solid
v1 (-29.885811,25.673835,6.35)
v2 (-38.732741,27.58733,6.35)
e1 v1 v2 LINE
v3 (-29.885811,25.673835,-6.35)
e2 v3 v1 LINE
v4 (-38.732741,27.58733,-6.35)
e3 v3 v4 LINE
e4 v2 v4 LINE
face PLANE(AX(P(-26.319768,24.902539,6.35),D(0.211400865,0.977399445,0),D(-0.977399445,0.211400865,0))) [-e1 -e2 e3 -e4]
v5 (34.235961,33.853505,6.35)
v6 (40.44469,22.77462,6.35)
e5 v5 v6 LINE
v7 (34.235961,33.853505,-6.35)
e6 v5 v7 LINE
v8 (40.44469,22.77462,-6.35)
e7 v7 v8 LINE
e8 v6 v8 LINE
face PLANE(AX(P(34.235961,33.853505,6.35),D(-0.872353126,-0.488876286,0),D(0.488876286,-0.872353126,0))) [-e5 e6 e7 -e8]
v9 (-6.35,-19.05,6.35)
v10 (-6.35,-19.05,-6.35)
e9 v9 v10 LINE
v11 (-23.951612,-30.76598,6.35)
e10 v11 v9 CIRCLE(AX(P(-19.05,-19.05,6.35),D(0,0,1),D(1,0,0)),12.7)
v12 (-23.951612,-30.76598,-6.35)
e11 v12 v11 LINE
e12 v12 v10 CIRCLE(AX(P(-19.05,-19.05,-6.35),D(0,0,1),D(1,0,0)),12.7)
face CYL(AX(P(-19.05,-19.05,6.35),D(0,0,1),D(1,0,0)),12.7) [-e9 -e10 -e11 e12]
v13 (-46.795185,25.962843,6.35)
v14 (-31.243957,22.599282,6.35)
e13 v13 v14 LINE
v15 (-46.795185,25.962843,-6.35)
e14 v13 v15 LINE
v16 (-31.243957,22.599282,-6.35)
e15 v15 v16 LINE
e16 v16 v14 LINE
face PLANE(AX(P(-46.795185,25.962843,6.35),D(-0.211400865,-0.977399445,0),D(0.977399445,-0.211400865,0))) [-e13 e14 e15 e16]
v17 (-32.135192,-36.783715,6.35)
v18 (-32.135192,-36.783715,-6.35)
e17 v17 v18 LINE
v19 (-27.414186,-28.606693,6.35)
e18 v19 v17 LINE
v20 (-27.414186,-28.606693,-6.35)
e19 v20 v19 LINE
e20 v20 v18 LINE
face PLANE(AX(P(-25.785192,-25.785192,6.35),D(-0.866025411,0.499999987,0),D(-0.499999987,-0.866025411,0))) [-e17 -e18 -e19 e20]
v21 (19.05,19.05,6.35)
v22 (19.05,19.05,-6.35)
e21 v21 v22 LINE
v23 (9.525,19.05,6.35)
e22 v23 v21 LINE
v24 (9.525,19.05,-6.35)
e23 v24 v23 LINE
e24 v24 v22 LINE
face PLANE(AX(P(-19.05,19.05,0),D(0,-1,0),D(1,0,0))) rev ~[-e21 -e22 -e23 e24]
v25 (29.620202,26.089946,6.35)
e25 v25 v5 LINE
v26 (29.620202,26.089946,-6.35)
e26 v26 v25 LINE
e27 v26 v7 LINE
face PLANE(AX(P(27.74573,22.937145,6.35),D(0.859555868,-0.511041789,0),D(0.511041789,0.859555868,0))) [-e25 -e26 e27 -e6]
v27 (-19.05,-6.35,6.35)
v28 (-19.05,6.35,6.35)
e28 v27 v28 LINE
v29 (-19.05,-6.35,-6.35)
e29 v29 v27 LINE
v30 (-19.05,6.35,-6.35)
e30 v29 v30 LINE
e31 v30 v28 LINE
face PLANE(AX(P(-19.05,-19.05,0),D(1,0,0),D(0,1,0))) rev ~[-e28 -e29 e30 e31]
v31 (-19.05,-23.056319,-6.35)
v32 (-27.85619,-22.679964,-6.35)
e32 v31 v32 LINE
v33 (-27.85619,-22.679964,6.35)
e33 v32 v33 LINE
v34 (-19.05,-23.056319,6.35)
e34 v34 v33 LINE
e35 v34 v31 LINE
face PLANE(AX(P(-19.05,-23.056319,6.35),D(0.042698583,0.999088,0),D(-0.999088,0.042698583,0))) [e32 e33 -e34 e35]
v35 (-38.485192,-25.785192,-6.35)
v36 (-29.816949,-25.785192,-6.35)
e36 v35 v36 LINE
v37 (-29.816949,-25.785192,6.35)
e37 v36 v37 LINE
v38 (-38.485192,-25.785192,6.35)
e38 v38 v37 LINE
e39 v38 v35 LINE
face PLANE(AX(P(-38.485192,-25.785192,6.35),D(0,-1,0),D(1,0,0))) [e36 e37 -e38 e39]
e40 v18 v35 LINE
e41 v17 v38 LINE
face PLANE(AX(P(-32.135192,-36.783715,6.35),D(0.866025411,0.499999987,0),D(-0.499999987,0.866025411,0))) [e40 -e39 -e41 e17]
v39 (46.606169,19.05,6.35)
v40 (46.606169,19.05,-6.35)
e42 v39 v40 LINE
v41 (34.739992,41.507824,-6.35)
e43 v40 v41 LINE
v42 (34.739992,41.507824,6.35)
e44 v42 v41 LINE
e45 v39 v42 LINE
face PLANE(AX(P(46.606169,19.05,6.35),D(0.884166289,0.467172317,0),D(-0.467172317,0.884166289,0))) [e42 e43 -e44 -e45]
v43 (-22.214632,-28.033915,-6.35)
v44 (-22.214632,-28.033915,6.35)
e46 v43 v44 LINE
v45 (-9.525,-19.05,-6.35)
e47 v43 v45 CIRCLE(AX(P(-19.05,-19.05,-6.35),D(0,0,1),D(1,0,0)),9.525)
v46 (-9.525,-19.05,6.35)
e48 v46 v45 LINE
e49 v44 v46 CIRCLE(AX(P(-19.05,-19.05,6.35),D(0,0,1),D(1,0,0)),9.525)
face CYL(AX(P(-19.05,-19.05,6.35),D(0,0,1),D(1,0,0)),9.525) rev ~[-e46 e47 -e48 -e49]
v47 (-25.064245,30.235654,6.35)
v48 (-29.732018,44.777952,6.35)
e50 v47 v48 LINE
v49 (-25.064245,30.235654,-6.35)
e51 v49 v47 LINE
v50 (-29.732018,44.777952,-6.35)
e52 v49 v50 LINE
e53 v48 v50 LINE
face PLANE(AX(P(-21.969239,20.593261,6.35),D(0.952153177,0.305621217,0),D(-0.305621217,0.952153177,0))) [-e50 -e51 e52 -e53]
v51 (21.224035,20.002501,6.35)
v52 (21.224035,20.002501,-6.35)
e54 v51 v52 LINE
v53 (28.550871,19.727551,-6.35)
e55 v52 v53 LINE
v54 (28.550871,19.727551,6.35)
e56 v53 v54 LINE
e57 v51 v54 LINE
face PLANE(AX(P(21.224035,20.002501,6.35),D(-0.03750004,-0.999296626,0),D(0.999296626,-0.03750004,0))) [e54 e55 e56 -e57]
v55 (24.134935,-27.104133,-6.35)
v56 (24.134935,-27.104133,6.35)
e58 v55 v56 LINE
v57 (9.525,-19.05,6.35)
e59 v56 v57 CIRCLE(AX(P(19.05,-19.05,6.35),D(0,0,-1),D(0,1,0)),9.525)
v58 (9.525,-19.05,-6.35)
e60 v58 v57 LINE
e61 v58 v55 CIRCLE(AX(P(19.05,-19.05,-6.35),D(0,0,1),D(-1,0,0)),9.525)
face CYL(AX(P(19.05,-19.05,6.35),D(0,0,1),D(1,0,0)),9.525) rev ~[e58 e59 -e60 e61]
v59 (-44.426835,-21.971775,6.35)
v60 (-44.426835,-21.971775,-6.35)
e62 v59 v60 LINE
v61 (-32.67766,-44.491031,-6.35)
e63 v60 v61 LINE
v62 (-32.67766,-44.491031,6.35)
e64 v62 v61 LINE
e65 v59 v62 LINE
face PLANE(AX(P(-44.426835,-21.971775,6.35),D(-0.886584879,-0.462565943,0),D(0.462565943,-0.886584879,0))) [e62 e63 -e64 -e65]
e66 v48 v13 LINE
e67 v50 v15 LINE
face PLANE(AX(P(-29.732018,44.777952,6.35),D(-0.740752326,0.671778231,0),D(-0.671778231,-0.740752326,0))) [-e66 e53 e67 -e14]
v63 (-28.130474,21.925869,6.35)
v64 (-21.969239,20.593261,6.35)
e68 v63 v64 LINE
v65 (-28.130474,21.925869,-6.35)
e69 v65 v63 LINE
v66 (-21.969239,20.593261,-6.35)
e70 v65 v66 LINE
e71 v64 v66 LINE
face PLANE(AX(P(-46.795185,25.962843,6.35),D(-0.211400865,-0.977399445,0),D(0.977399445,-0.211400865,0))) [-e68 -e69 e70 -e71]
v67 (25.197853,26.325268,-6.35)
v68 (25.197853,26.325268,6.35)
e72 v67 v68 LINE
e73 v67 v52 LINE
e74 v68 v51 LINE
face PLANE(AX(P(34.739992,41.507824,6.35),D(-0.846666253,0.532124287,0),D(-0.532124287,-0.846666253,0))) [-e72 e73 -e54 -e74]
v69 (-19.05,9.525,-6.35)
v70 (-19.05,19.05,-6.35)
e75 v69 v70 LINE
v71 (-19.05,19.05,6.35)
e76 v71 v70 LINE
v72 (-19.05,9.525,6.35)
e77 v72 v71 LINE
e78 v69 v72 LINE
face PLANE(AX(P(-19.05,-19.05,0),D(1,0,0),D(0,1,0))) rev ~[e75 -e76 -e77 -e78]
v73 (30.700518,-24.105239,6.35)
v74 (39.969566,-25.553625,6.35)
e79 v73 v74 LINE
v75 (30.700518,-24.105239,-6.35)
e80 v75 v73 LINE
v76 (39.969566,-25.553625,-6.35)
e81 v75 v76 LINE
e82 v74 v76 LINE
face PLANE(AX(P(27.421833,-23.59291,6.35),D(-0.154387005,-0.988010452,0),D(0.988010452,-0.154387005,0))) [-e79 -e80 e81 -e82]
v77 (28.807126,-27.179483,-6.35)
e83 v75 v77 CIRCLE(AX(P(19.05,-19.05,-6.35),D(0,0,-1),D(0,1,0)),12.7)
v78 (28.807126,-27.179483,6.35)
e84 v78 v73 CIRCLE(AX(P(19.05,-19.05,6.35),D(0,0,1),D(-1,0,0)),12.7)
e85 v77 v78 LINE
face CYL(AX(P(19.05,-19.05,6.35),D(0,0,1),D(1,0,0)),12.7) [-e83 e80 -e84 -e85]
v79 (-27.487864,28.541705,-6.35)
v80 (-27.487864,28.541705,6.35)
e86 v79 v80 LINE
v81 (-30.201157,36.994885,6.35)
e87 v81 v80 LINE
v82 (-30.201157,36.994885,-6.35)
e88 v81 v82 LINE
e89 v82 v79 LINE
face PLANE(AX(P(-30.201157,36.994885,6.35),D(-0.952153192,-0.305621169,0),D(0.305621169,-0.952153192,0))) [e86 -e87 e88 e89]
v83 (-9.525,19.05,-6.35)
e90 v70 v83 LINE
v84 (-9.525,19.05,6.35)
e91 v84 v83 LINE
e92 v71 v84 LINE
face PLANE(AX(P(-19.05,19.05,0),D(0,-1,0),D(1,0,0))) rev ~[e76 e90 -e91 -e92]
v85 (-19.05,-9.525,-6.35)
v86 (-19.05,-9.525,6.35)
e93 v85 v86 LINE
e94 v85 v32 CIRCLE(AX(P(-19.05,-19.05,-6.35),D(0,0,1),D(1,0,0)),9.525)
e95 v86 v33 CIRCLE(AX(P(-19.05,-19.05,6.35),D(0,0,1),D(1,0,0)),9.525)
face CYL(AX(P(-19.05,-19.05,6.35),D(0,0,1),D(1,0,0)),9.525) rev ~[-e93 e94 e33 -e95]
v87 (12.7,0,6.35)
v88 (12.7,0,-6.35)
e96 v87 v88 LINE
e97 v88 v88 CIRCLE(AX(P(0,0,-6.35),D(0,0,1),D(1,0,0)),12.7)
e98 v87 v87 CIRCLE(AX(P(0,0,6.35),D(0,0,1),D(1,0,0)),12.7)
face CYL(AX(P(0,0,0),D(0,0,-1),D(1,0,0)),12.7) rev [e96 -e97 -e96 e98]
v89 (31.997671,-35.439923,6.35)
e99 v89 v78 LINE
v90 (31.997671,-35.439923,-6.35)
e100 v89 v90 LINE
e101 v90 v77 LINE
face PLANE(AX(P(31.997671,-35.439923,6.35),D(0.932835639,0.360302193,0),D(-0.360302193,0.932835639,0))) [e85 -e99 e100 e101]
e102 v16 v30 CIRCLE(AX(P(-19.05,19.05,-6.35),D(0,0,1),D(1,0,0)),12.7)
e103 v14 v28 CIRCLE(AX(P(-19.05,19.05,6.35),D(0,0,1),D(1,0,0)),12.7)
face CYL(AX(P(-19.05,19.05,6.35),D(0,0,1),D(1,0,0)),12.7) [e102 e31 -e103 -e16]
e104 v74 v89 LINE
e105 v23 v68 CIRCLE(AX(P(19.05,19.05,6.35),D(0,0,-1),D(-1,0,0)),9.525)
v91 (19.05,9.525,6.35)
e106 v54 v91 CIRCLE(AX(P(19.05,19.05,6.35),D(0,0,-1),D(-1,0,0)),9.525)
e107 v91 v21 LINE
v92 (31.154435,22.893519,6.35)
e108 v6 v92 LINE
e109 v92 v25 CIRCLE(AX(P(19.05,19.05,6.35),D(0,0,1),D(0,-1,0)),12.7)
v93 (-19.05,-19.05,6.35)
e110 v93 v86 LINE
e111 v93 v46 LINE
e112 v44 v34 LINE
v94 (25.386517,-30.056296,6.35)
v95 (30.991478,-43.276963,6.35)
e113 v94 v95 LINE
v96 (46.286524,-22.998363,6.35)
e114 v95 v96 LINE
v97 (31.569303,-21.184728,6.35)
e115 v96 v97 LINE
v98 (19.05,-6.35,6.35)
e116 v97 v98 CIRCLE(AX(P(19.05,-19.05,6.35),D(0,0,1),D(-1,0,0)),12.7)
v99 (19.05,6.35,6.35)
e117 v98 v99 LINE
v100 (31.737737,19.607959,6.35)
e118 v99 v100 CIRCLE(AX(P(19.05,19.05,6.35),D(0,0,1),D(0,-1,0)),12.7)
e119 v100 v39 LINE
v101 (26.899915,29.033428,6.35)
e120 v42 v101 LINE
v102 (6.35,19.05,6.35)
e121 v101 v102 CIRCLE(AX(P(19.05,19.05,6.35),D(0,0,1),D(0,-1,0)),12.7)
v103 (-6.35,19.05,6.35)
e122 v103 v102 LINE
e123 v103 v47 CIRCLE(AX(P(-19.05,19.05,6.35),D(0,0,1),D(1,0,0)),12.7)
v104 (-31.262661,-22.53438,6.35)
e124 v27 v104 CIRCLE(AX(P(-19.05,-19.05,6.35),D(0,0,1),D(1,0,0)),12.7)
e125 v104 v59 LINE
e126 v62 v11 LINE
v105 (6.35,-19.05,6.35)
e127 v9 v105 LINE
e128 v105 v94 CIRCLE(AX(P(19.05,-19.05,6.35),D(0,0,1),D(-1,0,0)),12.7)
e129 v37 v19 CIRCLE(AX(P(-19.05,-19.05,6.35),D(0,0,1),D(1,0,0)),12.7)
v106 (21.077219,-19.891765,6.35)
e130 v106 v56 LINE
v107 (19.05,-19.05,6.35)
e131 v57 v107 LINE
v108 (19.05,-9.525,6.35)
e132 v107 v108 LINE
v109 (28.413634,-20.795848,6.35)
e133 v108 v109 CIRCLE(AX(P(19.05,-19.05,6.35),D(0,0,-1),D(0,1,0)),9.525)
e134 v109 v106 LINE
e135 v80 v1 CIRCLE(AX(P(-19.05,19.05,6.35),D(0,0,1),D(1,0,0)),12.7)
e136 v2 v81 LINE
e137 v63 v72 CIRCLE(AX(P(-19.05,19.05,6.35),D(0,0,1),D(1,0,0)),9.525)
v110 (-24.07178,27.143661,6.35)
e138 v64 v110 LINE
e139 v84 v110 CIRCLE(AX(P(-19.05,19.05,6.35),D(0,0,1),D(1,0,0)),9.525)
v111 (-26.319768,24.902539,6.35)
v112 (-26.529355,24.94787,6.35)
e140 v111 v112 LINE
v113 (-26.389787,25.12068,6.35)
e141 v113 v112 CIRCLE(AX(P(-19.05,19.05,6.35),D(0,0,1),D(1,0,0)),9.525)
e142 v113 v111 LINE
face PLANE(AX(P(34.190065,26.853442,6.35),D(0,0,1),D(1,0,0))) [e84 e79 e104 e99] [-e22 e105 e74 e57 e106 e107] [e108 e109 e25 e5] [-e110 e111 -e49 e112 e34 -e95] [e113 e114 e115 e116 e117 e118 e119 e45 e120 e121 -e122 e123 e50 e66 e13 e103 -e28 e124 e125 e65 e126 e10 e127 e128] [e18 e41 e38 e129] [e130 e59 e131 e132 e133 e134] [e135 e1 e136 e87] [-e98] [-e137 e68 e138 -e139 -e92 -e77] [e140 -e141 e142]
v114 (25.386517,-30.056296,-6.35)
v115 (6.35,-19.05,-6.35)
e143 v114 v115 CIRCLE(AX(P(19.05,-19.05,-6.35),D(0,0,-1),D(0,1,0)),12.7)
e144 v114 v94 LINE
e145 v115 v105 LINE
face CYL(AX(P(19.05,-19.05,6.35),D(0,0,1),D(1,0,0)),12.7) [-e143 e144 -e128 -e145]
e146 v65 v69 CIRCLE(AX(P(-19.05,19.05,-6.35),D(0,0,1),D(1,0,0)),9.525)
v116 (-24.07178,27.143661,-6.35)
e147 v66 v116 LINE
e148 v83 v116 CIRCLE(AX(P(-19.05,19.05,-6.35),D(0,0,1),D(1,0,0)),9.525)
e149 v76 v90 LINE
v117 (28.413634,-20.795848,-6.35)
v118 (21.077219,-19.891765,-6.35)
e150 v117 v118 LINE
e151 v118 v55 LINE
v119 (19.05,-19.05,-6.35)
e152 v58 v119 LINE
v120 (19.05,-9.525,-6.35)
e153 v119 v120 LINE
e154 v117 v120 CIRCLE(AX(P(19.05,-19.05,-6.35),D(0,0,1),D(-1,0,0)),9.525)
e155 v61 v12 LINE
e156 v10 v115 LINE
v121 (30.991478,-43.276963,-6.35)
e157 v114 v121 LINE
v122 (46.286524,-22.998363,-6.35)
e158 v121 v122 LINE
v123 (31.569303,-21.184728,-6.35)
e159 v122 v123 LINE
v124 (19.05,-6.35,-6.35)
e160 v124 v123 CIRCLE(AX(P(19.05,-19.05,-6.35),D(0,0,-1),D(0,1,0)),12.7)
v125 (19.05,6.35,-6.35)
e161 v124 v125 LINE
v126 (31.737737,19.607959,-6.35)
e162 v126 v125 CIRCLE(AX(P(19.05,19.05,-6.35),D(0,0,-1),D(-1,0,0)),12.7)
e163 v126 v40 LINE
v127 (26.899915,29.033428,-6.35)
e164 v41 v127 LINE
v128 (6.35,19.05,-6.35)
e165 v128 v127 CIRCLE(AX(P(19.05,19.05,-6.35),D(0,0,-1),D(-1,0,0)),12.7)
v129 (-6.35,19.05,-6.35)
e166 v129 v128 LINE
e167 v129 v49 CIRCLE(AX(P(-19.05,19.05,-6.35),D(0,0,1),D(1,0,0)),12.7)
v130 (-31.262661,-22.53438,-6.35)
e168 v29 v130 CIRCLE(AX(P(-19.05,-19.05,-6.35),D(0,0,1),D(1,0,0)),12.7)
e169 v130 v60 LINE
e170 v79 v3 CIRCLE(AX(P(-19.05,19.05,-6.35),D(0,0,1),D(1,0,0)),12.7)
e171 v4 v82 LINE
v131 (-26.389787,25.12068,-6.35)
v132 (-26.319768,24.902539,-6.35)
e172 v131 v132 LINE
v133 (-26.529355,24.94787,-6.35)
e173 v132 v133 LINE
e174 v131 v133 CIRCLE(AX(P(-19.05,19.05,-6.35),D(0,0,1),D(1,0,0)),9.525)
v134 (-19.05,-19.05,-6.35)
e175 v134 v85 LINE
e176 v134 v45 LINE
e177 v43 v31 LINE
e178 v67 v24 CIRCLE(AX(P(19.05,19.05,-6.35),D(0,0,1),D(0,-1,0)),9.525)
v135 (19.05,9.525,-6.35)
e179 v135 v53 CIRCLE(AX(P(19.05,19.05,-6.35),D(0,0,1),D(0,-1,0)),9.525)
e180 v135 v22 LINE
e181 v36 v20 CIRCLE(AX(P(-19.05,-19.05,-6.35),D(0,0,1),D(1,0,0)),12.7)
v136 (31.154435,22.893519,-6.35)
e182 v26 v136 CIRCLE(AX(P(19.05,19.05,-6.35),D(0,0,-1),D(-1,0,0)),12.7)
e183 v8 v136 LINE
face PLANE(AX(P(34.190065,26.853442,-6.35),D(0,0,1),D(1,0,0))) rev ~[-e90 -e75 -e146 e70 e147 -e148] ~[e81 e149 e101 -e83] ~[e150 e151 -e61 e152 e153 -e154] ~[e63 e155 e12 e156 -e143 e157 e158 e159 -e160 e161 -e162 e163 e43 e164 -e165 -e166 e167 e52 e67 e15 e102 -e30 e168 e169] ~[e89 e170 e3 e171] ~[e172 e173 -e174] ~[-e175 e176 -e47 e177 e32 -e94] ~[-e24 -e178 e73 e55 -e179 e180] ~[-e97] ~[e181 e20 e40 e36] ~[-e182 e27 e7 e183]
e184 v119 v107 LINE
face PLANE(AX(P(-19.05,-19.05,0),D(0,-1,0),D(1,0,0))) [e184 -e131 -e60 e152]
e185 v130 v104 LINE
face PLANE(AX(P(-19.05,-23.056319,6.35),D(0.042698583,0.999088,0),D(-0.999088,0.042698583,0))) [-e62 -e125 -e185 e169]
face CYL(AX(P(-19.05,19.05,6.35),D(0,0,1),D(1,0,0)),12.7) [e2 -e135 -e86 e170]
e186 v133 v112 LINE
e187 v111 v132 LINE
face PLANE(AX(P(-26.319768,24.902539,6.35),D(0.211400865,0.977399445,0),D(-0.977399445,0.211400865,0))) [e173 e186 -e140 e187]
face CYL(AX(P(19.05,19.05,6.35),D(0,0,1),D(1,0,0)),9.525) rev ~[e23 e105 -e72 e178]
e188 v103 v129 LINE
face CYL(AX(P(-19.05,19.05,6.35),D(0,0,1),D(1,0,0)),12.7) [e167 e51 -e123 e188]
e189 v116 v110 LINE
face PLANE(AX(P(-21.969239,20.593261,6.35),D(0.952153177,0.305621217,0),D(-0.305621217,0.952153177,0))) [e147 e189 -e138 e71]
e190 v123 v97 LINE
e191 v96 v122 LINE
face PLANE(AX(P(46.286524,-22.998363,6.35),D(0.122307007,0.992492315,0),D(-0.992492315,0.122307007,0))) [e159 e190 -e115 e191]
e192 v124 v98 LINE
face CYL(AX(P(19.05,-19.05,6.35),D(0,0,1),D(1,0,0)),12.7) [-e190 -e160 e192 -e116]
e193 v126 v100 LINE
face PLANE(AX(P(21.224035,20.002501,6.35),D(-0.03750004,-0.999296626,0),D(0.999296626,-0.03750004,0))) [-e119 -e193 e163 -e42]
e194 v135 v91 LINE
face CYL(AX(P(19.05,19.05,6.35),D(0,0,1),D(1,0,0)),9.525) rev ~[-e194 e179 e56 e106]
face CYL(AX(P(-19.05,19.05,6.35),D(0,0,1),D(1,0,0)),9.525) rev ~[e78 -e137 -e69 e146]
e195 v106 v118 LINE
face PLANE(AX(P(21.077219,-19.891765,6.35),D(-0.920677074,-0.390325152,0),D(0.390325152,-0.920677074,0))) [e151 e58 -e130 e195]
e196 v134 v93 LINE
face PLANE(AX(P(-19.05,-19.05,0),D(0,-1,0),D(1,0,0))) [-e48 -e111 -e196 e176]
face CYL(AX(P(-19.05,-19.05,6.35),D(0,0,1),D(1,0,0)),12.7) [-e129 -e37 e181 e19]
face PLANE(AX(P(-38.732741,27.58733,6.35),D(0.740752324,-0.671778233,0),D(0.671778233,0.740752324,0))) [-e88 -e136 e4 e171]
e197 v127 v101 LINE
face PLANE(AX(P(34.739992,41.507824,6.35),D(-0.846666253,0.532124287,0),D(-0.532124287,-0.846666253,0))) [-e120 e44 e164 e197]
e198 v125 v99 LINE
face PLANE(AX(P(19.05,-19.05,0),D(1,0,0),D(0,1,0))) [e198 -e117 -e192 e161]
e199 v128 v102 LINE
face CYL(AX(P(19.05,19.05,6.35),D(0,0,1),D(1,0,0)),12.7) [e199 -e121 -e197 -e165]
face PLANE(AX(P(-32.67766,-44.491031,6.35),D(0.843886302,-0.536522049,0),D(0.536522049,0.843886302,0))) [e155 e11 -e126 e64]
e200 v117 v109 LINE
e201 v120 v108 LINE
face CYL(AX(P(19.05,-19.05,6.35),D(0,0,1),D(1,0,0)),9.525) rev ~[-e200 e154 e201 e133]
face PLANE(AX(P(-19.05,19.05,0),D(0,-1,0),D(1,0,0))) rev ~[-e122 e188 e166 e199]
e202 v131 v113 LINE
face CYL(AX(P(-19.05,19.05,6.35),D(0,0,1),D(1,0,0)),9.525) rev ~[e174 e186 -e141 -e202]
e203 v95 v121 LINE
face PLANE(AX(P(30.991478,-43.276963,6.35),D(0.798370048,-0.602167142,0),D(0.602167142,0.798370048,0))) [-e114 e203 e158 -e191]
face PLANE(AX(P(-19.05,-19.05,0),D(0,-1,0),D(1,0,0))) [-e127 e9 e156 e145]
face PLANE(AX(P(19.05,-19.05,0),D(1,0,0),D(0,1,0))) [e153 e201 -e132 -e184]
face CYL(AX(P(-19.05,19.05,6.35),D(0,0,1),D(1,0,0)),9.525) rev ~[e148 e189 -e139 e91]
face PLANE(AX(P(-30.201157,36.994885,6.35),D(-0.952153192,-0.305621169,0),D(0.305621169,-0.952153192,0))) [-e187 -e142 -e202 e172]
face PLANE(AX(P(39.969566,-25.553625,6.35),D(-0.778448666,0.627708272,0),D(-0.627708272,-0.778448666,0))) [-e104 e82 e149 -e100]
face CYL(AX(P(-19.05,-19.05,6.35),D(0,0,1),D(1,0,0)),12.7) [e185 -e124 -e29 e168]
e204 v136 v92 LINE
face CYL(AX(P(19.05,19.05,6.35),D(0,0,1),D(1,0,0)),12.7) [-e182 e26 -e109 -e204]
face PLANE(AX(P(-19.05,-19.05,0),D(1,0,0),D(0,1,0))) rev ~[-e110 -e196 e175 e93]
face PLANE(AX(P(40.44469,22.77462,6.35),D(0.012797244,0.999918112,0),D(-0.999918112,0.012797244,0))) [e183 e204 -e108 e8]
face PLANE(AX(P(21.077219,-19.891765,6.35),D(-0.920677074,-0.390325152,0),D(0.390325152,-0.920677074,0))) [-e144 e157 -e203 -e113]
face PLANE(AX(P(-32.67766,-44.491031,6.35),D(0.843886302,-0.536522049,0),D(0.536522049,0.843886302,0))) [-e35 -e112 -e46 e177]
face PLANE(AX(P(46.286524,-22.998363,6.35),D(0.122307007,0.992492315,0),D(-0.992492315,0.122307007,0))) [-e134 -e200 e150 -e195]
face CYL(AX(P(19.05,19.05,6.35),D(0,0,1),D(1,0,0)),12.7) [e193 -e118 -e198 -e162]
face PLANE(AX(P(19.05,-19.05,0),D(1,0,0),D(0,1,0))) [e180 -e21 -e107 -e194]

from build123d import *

# Parameters (mm, degrees)
F0_W     = 38.1
F0_H     = 38.1
F0_R     = 12.7
F1_DEPTH = 6.35
F2_R     = 12.7
F2_R_2   = 9.525
F3_DEPTH = 12.7
F5_DEPTH = 12.7


with BuildPart() as f1:
    # F0 (on Top) → F1 (new body, symmetric)
    with BuildSketch(Plane.XY):
        Rectangle(F0_W, F0_H)
        Circle(F0_R, mode=Mode.SUBTRACT)
    extrude(amount=F1_DEPTH, both=True)

    # F2 (on face) → F3 (join)
    with BuildSketch(Plane.XY.offset(6.35)):
        with Locations((-19.05, 19.05)):
            Circle(F2_R)
        with Locations((-19.05, 19.05)):
            Circle(F2_R_2, mode=Mode.SUBTRACT)
        with Locations((19.05, 19.05)):
            Circle(F2_R)
        with Locations((19.05, 19.05)):
            Circle(F2_R_2, mode=Mode.SUBTRACT)
        with Locations((19.05, -19.05)):
            Circle(F2_R)
        with Locations((19.05, -19.05)):
            Circle(F2_R_2, mode=Mode.SUBTRACT)
        with Locations((-19.05, -19.05)):
            Circle(F2_R)
        with Locations((-19.05, -19.05)):
            Circle(F2_R_2, mode=Mode.SUBTRACT)
    extrude(amount=-F3_DEPTH)

    # F4 (on face) → F5 (join)
    with BuildSketch(Plane.XY.offset(6.35)):
        Polygon((34.739992, 41.507824), (21.224035, 20.002501), (46.606169, 19.05), align=None)
        Polygon((40.44469, 22.77462), (27.74573, 22.937145), (34.235961, 33.853505), align=None, mode=Mode.SUBTRACT)
        Polygon((46.286524, -22.998363), (21.077219, -19.891765), (30.991478, -43.276963), align=None)
        Polygon((31.997671, -35.439923), (27.421833, -23.59291), (39.969566, -25.553625), align=None, mode=Mode.SUBTRACT)
        Polygon((-32.67766, -44.491031), (-19.05, -23.056319), (-44.426835, -21.971775), align=None)
        Polygon((-38.485192, -25.785192), (-25.785192, -25.785192), (-32.135192, -36.783715), align=None, mode=Mode.SUBTRACT)
        Polygon((-21.969239, 20.593261), (-29.732018, 44.777952), (-46.795185, 25.962843), align=None)
        Polygon((-30.201157, 36.994885), (-26.319768, 24.902539), (-38.732741, 27.58733), align=None, mode=Mode.SUBTRACT)
    extrude(amount=-F5_DEPTH)


solid = f1.part
